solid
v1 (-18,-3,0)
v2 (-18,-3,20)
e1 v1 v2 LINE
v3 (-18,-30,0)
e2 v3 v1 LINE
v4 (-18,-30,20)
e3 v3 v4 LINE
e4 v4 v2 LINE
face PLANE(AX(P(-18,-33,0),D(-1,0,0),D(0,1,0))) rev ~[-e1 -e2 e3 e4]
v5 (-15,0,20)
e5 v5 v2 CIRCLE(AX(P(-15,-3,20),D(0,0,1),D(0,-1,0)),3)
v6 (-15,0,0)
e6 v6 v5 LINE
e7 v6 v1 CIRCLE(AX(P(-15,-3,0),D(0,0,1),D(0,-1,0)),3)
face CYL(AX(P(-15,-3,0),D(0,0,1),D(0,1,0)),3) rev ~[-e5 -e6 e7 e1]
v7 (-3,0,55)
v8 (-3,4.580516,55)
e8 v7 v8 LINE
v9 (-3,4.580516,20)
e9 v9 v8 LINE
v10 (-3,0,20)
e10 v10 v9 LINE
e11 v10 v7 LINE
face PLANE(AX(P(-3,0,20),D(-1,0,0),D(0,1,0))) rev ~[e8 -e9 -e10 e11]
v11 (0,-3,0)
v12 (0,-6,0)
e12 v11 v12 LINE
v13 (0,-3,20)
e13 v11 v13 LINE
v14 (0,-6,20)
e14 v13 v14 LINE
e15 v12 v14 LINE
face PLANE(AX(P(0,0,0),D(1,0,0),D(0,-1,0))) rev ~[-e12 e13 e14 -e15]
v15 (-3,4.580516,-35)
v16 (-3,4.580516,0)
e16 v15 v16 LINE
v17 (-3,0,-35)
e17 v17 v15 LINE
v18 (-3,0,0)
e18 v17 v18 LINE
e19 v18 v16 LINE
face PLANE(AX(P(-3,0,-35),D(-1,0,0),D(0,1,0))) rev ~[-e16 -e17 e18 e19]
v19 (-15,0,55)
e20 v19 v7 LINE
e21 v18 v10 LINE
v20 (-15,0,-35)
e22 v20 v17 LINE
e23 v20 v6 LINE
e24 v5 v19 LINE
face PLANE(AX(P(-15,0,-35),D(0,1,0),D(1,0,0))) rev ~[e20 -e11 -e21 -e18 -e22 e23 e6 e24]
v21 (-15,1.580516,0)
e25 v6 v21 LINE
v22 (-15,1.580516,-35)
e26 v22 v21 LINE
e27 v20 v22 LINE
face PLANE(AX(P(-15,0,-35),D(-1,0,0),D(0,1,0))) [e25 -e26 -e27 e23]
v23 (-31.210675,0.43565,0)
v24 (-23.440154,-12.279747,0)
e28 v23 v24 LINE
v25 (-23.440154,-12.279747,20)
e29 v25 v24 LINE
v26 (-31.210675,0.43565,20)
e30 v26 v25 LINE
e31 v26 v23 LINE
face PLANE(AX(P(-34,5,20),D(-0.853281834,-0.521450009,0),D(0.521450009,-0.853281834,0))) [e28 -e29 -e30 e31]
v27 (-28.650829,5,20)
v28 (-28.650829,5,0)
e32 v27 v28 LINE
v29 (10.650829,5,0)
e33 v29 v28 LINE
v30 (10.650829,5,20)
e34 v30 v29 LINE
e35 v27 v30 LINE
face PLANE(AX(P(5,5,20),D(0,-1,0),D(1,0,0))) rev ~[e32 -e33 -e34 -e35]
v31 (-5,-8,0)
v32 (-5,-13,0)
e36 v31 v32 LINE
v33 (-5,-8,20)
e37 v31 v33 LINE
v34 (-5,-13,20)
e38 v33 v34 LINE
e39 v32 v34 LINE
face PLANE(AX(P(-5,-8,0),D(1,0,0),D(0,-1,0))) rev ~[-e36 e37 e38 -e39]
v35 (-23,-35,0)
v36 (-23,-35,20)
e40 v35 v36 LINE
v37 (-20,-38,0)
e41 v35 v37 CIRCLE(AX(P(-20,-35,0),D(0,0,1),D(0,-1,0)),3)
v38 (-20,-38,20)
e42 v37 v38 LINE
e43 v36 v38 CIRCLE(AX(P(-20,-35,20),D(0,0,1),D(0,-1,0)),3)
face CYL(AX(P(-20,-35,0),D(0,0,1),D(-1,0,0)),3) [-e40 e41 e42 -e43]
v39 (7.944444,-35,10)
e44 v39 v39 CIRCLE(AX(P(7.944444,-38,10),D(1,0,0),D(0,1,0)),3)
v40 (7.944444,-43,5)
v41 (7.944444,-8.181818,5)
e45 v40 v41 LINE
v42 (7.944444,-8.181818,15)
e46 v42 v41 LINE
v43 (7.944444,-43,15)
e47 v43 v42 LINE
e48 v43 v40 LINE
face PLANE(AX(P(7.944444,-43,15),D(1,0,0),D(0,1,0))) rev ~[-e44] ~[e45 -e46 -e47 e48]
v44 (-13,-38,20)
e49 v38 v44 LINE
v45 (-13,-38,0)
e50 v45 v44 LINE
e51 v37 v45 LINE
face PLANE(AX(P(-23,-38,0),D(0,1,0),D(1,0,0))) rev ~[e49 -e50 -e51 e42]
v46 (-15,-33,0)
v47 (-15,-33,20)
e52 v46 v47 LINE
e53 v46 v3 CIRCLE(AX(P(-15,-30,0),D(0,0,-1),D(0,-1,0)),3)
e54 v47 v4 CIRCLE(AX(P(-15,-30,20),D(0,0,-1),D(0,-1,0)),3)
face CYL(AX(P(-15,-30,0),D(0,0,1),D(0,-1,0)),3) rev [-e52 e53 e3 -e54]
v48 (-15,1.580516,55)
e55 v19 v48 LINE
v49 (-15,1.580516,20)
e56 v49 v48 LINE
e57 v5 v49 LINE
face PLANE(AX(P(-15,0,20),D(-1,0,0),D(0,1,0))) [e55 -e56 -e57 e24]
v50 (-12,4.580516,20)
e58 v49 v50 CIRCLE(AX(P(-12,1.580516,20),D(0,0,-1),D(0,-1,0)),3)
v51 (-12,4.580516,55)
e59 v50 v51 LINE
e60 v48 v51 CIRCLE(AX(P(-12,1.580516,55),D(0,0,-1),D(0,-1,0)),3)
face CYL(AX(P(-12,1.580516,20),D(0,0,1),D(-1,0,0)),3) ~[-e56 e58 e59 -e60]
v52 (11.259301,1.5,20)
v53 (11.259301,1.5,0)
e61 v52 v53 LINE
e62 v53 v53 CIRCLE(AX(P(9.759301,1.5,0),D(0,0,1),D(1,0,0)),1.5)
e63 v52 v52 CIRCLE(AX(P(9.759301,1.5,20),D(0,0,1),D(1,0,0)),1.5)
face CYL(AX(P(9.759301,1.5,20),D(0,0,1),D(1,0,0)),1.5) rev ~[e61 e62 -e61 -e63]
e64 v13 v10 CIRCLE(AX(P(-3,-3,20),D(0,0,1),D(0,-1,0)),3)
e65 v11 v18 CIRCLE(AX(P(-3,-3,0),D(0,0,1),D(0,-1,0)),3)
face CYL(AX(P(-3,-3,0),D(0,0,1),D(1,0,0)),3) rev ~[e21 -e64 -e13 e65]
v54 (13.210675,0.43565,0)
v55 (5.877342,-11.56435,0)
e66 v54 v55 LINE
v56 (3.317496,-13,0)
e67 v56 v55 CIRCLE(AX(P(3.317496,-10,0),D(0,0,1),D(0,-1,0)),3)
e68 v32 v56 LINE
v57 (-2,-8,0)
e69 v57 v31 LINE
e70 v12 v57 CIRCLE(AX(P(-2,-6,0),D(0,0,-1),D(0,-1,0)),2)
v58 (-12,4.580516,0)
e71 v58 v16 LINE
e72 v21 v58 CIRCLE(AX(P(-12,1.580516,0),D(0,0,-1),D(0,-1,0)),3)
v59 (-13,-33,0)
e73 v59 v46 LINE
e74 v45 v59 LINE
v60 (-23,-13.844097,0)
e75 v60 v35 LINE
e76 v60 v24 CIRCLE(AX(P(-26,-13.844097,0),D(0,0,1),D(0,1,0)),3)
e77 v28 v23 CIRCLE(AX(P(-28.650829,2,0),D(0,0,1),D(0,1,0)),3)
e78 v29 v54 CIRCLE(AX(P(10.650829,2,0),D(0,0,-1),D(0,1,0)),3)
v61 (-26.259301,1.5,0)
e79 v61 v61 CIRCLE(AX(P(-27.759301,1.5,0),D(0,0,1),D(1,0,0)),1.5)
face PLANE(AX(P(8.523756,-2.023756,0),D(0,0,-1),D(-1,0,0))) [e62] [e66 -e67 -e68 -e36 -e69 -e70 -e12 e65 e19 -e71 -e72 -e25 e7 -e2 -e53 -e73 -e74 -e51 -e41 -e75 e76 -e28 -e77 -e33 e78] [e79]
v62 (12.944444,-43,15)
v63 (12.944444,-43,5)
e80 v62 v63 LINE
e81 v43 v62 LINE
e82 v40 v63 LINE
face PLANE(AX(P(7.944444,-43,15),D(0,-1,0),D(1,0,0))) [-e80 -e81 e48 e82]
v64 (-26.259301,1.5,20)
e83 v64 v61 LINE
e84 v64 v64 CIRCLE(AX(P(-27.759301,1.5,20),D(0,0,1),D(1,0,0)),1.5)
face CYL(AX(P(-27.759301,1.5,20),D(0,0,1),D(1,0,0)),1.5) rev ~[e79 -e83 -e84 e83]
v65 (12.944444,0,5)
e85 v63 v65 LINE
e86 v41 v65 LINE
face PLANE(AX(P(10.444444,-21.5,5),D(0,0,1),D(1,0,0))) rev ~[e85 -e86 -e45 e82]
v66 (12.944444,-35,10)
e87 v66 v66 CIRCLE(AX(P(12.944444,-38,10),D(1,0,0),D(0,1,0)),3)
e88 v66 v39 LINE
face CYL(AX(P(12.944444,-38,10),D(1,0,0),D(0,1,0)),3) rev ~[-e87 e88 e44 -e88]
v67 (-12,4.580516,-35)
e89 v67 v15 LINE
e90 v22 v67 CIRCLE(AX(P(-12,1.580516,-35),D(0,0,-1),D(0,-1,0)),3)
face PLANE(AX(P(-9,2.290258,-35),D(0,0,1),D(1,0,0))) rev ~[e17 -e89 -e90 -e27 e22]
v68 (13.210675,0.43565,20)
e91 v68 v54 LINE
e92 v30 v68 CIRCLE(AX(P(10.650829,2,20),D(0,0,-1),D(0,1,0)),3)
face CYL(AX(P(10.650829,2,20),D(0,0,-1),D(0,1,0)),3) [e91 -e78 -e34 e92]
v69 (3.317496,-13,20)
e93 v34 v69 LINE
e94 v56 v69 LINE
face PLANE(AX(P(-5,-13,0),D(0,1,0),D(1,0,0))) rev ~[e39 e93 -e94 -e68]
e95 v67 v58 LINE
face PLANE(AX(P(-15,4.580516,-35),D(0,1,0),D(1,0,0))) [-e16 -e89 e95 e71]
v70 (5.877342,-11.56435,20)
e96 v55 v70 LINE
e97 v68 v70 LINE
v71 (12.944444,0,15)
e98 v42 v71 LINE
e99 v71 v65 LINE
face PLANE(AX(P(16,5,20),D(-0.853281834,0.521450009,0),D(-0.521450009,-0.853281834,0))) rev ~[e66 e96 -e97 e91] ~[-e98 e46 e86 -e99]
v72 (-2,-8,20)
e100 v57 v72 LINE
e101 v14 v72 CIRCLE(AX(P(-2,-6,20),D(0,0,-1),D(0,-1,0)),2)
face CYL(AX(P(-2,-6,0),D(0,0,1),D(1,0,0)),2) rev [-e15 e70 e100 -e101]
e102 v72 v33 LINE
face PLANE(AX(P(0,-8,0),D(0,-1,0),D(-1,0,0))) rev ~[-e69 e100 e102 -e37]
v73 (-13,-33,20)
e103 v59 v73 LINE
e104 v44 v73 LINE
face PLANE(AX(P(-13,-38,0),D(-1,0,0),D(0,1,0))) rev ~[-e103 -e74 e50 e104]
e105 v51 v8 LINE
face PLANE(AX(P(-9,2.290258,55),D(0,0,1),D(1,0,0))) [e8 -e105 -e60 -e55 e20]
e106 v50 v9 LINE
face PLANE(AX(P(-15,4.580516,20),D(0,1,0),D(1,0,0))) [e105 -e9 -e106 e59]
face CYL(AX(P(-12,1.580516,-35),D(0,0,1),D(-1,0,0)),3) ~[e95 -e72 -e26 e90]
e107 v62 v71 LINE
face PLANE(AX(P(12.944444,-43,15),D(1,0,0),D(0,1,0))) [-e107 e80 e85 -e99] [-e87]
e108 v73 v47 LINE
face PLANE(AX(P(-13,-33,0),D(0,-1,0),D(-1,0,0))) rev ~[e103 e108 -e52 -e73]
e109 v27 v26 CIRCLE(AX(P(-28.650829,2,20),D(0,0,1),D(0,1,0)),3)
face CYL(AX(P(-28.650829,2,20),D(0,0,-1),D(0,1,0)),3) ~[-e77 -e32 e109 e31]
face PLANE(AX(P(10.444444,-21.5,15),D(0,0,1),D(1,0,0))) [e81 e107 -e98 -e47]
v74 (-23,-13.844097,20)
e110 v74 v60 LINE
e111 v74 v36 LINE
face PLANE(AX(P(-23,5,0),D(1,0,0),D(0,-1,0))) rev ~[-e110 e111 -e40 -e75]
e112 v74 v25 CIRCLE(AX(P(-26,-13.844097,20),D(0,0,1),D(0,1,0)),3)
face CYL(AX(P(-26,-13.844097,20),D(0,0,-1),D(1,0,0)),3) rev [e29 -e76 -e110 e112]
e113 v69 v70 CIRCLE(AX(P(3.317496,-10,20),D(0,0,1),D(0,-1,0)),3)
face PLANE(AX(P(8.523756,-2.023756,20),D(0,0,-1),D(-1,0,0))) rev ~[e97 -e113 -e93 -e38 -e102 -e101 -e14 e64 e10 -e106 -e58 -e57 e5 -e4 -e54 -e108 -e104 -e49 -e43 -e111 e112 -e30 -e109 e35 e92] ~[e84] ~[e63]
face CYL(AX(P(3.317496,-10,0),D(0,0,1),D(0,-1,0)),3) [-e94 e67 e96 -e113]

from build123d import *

# Parameters (mm, degrees)
EXTRUDE_THIN1_DEPTH = 20
BOSS_EXTRUDE1_DEPTH = 20
FILLET1_R           = 3
CUT_EXTRUDE1_REACH  = 55.346
SKETCH4_R           = 1.5
FILLET2_R           = 3
FILLET3_R           = 2
SKETCH5_W           = 12
SKETCH5_H           = 4.580516002
BOSS_EXTRUDE2_DEPTH = 35
BOSS_EXTRUDE3_START = -55
SKETCH5_2_W         = 12
SKETCH5_2_H         = 4.580516002
BOSS_EXTRUDE3_DEPTH = 35
FILLET4_R           = 3
BOSS_EXTRUDE4_START = -5
SKETCH6_W           = 5
SKETCH6_H           = 43
BOSS_EXTRUDE4_DEPTH = 10
SKETCH7_R           = 3
CUT_EXTRUDE2_DEPTH  = 5


with BuildPart() as part:
    # Sketch2 → Extrude-Thin1 (new body)
    with BuildSketch(Plane.XY):
        Polygon((-13, -33), (-18, -33), (-18, 0), (0, 0), (0, -8), (-5, -8), (-5, -13), (5, -13), (5, 5), (-23, 5), (-23, -38), (-13, -38), align=None)
    extrude(amount=EXTRUDE_THIN1_DEPTH)

    # Sketch3 → Boss-Extrude1 (add)
    with BuildSketch(Plane.XY.offset(20)):
        Polygon((5, 5), (16, 5), (5, -13), align=None)
        Polygon((-23, 5), (-34, 5), (-23, -13), align=None)
    extrude(amount=-BOSS_EXTRUDE1_DEPTH)

    # Fillet1
    fillet1_edges = [part.edges().sort_by_distance(p)[0] for p in [
        (-23, -38, 10),
        (5, -13, 10),
        (-18, -33, 10),
        (16, 5, 10),
        (-34, 5, 10),
        (-23, -13, 10),
    ]]
    fillet(fillet1_edges, radius=FILLET1_R)

    # Sketch4 → Cut-Extrude1 (cut, up to next)
    with BuildSketch(Plane.XY.offset(20), mode=Mode.PRIVATE) as cut_extrude1_sk1:
        with Locations((9.759301062, 1.5)):
            Circle(SKETCH4_R)
    cut_extrude1_tool1 = extrude(cut_extrude1_sk1.sketch, amount=-CUT_EXTRUDE1_REACH, mode=Mode.PRIVATE) & part.part
    # Sketch4 → Cut-Extrude1 (cut, up to next)
    with BuildSketch(Plane.XY.offset(20), mode=Mode.PRIVATE) as cut_extrude1_sk2:
        with Locations((-27.759301062, 1.5)):
            Circle(SKETCH4_R)
    cut_extrude1_tool2 = extrude(cut_extrude1_sk2.sketch, amount=-CUT_EXTRUDE1_REACH, mode=Mode.PRIVATE) & part.part
    add(cut_extrude1_tool1.solids().sort_by_distance((9.759301, 1.5, 20))[0], mode=Mode.SUBTRACT)
    add(cut_extrude1_tool2.solids().sort_by_distance((-27.759301, 1.5, 20))[0], mode=Mode.SUBTRACT)

    # Fillet2
    fillet2_edges = [part.edges().sort_by_distance(p)[0] for p in [
        (0, 0, 10),
        (-18, 0, 10),
    ]]
    fillet(fillet2_edges, radius=FILLET2_R)

    # Fillet3
    fillet3_edges = [part.edges().sort_by_distance(p)[0] for p in [
        (0, -8, 10),
    ]]
    fillet(fillet3_edges, radius=FILLET3_R)

    # Sketch5 → Boss-Extrude2 (add)
    with BuildSketch(Plane.XY.offset(20)):
        with Locations((-9, 2.290258001)):
            Rectangle(SKETCH5_W, SKETCH5_H)
    extrude(amount=BOSS_EXTRUDE2_DEPTH)

    # Sketch5<2> → Boss-Extrude3 (add)
    with BuildSketch(Plane.XY.offset(20).offset(BOSS_EXTRUDE3_START)):
        with Locations((-9, 2.290258001)):
            Rectangle(SKETCH5_2_W, SKETCH5_2_H)
    extrude(amount=BOSS_EXTRUDE3_DEPTH)

    # Fillet4
    fillet4_edges = [part.edges().sort_by_distance(p)[0] for p in [
        (-15, 4.580516002, 37.5),
        (-15, 4.580516002, -17.5),
    ]]
    fillet(fillet4_edges, radius=FILLET4_R)

    # Sketch6 → Boss-Extrude4 (add)
    with BuildSketch(Plane.XY.offset(20).offset(BOSS_EXTRUDE4_START)):
        with Locations((10.444444444, -21.5)):
            Rectangle(SKETCH6_W, SKETCH6_H)
    extrude(amount=-BOSS_EXTRUDE4_DEPTH)

    # Sketch7 → Cut-Extrude2 (cut)
    with BuildSketch(Plane(origin=(12.944444444, 0, 0), x_dir=(0, 0, -1), z_dir=(1, 0, 0))):
        with Locations(Location((-10, -38, 0), (0, 0, 90))):
            Circle(SKETCH7_R)
    extrude(amount=-CUT_EXTRUDE2_DEPTH, mode=Mode.SUBTRACT)


solid = part.part
